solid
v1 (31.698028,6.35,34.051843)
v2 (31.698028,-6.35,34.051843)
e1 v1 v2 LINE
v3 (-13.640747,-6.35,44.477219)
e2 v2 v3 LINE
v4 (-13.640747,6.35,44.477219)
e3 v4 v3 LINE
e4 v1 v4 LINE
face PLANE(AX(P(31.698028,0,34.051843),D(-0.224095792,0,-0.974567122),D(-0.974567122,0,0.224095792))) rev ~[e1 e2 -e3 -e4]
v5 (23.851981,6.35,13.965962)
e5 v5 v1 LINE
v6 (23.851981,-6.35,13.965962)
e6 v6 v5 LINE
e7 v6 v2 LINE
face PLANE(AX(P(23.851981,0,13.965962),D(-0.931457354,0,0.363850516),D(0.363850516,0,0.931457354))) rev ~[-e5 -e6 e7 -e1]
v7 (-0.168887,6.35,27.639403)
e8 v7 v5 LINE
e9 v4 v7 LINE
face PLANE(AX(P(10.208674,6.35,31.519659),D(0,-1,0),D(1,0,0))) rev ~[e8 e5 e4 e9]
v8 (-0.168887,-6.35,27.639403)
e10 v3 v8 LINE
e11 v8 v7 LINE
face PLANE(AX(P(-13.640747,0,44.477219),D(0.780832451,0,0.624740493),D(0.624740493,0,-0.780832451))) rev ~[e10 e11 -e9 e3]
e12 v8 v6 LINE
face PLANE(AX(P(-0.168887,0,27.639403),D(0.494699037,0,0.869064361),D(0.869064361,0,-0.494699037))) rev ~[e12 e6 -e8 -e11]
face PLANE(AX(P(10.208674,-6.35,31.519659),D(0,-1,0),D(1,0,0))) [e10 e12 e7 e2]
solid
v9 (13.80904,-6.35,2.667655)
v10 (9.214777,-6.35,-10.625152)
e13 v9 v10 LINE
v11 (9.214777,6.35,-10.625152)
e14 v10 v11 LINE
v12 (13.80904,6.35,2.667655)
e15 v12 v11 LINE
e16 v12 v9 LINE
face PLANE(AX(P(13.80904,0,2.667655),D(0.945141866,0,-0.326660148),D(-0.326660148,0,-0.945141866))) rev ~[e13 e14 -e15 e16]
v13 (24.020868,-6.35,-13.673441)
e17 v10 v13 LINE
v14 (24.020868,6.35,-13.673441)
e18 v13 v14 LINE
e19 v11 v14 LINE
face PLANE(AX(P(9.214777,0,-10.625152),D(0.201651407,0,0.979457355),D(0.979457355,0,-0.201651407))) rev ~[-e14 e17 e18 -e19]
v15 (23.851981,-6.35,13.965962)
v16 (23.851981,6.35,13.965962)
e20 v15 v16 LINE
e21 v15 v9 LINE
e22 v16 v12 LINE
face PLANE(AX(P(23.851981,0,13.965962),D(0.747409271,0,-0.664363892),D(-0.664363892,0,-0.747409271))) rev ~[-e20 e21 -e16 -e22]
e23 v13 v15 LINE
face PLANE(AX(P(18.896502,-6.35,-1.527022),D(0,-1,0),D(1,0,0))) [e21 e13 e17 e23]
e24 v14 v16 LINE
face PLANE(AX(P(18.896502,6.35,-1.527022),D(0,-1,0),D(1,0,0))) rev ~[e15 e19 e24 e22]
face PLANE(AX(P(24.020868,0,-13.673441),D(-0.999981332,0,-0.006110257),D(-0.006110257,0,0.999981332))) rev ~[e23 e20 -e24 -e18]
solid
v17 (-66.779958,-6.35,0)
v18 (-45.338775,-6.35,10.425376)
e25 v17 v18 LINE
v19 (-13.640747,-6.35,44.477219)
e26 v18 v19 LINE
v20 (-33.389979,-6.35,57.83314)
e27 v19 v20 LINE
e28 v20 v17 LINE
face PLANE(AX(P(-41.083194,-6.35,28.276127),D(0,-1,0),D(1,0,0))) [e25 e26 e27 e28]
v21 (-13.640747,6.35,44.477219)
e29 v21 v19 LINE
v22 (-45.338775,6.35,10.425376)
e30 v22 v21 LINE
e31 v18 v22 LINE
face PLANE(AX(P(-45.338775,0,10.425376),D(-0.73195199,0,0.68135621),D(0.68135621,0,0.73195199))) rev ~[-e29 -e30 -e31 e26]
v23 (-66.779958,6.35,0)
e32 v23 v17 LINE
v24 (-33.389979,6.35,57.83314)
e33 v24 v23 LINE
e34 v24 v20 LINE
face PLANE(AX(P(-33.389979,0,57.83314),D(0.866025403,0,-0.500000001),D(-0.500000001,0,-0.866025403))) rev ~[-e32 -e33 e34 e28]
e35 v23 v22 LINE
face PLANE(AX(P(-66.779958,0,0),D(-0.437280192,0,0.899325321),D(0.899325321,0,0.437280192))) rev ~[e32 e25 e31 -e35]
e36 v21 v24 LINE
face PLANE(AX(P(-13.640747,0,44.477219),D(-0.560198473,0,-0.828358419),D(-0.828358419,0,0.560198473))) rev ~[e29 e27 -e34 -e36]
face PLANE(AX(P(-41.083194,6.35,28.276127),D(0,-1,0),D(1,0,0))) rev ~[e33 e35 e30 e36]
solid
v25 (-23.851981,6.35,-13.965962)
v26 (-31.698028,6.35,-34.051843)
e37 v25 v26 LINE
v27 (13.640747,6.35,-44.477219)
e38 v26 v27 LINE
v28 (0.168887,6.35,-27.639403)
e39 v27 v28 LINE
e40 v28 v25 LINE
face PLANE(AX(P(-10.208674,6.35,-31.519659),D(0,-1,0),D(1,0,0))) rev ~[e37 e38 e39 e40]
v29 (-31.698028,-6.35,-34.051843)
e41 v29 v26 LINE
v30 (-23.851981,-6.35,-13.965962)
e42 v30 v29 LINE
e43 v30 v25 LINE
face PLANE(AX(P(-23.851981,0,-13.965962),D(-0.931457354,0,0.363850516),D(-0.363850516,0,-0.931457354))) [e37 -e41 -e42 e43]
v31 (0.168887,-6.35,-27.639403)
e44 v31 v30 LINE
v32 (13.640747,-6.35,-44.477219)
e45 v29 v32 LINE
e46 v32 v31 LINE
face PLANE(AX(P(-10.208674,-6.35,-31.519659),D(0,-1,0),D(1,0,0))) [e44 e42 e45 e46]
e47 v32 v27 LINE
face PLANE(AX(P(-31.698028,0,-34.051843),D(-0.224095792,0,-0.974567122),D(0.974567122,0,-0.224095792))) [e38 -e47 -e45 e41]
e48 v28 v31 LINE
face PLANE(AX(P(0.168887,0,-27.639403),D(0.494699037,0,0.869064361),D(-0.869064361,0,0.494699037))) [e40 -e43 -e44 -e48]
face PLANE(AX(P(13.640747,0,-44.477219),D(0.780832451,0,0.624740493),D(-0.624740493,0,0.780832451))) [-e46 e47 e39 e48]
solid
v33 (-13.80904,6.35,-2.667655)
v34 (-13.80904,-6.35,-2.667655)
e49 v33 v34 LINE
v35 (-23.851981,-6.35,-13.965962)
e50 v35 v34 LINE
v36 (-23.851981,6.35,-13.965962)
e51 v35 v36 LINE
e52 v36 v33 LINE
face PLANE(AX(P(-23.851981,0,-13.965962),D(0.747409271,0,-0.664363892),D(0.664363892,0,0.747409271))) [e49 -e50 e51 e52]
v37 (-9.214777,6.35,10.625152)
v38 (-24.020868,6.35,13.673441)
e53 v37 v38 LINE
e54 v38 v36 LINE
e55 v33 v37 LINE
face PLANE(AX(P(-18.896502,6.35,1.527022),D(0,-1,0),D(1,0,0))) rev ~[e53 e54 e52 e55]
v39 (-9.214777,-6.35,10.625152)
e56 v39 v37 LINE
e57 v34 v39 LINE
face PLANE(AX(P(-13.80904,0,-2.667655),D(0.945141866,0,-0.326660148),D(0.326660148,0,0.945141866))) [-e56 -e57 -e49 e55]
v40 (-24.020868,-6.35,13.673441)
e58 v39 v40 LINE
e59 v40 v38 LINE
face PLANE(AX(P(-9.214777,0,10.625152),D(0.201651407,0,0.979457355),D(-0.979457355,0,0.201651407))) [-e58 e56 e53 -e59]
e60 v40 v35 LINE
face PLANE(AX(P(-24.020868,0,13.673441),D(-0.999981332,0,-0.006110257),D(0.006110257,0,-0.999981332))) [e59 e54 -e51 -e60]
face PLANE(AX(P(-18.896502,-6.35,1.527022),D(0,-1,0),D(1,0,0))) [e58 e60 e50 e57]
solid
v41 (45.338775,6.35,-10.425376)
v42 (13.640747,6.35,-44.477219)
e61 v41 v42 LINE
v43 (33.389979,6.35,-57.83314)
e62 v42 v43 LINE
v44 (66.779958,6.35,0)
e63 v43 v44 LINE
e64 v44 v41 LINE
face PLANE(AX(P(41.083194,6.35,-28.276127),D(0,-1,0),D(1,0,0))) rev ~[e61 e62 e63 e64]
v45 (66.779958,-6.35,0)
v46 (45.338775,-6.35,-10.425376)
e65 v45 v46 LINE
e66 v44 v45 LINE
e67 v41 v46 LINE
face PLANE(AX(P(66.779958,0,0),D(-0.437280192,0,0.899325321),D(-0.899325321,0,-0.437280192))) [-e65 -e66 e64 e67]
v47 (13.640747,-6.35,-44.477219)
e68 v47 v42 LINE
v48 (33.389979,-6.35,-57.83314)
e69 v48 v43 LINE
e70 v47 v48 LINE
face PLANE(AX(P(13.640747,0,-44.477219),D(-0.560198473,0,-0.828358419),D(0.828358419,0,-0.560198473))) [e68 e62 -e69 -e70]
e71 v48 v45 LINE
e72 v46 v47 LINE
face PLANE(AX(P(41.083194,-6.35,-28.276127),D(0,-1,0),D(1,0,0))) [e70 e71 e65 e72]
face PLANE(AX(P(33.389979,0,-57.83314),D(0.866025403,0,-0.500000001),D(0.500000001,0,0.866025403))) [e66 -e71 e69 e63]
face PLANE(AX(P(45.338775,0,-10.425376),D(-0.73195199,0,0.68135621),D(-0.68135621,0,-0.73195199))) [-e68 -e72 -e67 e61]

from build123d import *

# Parameters (mm, degrees)
F1_DEPTH = 6.35


with BuildPart() as f1:
    # F0 (on Front) → F1 (new body, symmetric)
    with BuildSketch(Plane.XZ):
        Polygon((23.851981, 13.965962), (31.698028, 34.051843), (-13.640747, 44.477219), (-0.168887, 27.639403), align=None)
        Polygon((9.214777, -10.625152), (24.020868, -13.673441), (23.851981, 13.965962), (13.80904, 2.667655), align=None)
        Polygon((-24.020868, 13.673441), (-23.851981, -13.965962), (-13.80904, -2.667655), (-9.214777, 10.625152), align=None)
        Polygon((-31.698028, -34.051843), (13.640747, -44.477219), (0.168887, -27.639403), (-23.851981, -13.965962), align=None)
        Polygon((-13.640747, 44.477219), (-33.389979, 57.83314), (-66.779958, 0), (-45.338775, 10.425376), align=None)
        Polygon((33.389979, -57.83314), (66.779958, 0), (45.338775, -10.425376), (13.640747, -44.477219), align=None)
    extrude(amount=F1_DEPTH, both=True)


solid = f1.part
